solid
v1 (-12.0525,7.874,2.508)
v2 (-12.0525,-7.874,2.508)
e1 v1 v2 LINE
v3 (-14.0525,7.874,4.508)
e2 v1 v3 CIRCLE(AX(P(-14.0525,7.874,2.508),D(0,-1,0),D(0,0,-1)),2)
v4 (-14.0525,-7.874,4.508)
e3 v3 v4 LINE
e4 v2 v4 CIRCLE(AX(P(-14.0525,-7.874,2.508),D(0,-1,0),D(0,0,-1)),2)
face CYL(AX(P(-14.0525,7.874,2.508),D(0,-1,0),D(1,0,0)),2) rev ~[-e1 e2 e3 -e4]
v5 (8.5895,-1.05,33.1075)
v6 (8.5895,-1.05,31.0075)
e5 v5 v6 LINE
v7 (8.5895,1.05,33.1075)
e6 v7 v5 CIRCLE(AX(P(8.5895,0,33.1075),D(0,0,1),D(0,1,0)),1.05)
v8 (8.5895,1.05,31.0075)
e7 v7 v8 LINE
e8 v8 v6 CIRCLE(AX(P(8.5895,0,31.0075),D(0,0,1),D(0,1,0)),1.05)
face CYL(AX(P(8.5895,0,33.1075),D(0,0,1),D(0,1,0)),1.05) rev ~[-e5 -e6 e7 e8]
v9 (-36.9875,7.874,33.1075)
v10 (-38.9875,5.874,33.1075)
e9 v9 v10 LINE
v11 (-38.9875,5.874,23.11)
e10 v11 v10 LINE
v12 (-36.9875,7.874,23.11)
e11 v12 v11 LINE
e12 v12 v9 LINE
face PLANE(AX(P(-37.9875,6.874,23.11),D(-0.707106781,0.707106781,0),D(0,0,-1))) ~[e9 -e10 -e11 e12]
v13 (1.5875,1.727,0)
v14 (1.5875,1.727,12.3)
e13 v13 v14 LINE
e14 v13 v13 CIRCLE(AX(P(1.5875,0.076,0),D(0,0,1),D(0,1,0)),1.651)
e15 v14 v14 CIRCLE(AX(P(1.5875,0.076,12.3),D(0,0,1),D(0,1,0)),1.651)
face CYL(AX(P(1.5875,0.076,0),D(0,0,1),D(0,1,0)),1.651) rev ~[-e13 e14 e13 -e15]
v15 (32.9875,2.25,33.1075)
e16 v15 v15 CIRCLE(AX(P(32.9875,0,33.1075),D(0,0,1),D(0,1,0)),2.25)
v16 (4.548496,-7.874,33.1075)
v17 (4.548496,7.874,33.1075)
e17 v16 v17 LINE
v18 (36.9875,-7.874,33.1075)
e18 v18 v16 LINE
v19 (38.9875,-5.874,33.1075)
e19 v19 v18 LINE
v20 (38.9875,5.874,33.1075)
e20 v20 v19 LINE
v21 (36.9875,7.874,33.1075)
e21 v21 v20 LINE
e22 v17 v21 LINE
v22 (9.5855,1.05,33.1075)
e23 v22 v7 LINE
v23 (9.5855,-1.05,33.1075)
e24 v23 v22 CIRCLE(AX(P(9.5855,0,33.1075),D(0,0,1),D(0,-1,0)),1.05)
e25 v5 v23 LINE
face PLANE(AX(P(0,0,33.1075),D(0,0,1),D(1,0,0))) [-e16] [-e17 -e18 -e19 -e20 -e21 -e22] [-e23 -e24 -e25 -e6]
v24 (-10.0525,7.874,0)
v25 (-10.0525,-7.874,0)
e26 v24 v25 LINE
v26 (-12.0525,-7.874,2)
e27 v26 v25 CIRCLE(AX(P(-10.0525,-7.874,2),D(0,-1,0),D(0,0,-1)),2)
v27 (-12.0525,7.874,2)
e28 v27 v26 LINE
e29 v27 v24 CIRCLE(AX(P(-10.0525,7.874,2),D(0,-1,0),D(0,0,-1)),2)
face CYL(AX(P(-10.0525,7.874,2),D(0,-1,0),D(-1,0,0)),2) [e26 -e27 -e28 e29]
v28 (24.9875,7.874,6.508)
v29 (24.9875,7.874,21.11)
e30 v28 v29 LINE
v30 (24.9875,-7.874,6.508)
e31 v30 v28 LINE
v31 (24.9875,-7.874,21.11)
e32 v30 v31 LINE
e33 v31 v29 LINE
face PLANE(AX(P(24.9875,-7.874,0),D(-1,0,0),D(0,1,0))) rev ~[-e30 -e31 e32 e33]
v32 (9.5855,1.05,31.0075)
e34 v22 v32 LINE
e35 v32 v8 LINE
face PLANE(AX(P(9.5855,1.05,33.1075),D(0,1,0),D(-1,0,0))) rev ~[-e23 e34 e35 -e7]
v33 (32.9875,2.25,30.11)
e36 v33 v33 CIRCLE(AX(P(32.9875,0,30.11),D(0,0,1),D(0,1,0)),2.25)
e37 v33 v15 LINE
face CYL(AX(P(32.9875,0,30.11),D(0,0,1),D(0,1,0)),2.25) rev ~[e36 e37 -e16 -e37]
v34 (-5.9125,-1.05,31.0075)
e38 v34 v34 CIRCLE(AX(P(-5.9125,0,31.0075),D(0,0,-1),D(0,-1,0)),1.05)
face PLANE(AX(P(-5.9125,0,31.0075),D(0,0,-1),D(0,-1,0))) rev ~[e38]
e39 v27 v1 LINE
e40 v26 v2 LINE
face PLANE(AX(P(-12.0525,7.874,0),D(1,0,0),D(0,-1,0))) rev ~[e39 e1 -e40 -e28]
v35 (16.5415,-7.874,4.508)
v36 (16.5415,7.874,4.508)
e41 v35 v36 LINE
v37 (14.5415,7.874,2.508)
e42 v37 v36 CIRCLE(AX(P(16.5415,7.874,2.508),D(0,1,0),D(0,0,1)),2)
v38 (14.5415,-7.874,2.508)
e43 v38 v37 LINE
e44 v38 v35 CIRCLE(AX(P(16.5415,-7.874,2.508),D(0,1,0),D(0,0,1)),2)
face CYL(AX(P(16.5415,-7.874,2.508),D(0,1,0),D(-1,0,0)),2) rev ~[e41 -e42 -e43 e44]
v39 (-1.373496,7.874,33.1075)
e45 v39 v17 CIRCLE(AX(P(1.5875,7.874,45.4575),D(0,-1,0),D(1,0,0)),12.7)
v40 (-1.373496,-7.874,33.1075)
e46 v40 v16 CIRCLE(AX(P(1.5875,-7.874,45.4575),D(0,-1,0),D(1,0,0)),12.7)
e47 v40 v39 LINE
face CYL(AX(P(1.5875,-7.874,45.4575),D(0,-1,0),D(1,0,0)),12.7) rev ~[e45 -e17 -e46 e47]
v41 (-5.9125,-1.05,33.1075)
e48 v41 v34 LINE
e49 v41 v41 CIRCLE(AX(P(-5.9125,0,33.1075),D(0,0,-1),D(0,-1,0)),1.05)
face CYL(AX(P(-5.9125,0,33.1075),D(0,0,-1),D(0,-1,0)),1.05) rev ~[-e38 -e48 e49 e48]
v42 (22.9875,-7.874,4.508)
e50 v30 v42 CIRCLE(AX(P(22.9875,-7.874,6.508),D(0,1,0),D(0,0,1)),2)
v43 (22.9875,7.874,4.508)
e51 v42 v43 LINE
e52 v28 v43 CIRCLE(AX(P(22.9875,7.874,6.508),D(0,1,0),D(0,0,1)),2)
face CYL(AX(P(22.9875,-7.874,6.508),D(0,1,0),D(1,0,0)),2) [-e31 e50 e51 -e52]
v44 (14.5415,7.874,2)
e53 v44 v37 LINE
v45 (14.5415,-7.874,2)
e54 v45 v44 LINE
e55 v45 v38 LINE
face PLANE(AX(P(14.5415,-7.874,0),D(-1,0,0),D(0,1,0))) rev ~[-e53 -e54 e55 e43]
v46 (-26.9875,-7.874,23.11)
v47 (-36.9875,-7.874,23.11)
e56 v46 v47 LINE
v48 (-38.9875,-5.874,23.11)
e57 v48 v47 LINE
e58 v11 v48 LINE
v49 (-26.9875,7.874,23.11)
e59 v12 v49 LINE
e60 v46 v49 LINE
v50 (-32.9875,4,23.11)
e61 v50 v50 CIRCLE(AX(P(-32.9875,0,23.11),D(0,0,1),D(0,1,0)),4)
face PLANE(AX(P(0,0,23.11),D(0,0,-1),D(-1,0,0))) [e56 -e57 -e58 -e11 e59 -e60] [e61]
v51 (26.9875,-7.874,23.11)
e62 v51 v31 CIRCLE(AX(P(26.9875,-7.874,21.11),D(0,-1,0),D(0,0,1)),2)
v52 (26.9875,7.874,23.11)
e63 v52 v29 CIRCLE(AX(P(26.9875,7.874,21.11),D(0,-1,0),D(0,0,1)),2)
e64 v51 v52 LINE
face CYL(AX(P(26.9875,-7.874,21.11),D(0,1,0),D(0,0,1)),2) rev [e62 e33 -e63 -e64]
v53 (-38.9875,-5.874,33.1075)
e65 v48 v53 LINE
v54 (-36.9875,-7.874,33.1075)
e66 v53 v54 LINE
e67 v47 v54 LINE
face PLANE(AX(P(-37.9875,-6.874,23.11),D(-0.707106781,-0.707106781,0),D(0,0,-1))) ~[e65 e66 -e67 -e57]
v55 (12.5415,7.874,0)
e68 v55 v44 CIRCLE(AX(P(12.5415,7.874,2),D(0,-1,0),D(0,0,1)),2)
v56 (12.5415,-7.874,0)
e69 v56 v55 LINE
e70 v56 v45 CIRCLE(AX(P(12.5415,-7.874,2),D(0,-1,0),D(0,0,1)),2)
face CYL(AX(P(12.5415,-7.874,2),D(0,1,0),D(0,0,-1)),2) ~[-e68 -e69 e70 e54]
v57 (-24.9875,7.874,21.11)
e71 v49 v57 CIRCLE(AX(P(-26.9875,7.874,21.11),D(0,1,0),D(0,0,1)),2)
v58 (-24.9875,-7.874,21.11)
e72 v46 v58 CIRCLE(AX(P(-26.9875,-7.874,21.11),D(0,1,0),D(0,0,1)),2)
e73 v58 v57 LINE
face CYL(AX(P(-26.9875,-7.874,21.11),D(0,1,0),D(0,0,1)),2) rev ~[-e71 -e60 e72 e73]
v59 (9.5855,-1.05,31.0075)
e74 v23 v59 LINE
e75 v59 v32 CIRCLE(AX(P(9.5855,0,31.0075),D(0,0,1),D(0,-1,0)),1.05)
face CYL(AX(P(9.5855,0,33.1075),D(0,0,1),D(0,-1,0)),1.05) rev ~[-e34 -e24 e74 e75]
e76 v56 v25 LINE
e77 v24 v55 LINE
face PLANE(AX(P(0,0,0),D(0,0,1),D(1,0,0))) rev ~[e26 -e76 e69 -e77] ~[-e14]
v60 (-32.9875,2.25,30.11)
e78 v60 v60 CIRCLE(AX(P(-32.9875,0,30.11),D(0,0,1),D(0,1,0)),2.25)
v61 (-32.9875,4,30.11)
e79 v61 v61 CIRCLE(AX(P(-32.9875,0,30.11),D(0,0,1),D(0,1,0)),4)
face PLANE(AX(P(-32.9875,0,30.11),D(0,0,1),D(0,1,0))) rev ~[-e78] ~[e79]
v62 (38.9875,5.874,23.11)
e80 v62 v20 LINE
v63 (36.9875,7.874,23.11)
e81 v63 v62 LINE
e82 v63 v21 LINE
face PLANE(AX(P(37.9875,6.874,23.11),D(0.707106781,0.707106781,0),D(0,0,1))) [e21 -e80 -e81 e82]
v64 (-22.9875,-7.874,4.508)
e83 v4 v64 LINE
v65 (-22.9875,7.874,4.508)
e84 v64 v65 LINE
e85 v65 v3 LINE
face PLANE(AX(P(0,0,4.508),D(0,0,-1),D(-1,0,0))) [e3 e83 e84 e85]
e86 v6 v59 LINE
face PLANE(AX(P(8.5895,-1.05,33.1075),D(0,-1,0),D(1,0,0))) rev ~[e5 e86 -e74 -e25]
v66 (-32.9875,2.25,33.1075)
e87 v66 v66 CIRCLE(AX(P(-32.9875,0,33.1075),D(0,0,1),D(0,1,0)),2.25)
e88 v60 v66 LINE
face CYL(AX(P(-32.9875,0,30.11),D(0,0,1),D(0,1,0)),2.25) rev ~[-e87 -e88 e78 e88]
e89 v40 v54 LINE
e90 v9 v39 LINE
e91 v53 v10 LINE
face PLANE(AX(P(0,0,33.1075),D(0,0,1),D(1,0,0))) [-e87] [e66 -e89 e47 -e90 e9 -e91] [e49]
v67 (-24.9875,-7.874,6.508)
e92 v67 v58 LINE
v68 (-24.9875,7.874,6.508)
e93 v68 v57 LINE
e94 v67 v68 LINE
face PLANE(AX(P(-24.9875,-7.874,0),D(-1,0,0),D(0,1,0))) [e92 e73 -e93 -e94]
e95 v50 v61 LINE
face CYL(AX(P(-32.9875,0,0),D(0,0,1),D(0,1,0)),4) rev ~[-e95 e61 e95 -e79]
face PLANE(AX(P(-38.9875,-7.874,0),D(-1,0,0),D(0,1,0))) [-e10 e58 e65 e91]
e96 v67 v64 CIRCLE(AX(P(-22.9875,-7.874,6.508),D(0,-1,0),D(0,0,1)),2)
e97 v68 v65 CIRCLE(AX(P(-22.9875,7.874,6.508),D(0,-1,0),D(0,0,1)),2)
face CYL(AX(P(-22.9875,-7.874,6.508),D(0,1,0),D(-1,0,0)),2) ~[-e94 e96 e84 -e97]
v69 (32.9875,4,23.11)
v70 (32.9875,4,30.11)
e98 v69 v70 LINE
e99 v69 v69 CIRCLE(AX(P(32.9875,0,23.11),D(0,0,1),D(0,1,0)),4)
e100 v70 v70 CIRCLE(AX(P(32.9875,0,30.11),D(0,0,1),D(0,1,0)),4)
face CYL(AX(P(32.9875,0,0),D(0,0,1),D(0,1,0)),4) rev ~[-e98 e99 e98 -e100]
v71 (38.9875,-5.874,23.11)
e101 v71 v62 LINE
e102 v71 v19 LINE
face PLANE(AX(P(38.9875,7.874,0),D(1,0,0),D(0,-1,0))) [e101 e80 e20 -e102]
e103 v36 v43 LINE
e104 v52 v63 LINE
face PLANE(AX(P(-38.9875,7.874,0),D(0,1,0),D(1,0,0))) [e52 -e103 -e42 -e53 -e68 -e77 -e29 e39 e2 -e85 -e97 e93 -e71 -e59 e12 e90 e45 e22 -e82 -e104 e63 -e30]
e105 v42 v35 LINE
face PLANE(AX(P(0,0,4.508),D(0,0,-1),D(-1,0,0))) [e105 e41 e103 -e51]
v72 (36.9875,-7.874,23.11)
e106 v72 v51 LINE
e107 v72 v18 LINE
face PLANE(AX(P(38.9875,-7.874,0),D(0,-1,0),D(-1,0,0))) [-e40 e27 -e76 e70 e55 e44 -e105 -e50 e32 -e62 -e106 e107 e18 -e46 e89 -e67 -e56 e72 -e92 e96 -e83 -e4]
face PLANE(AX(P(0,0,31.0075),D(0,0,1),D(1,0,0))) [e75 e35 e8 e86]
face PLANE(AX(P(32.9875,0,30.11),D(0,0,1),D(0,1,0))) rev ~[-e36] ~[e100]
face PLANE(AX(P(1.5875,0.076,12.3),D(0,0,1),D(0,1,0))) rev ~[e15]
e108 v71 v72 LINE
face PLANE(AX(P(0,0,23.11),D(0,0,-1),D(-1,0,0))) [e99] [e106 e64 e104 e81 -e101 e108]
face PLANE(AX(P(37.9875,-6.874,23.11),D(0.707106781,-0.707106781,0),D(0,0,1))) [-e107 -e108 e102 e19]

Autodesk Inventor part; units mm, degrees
ref_plane "YZ Plane" through (0, 0, 0) normal (1, 0, 0) x (0, 1, 0)
ref_plane "XZ Plane" through (0, 0, 0) normal (0, 1, 0) x (-1, 0, 0)
ref_plane "XY Plane" through (0, 0, 0) normal (0, 0, 1) x (1, 0, 0)
sketch "Sketch1" plane through (0, 0, 0) normal (0, 0, 1) x (1, 0, 0)
  line L0 (-38.9875, 7.874) -> (38.9875, 7.874)
  line L1 (38.9875, 7.874) -> (38.9875, -7.874)
  line L2 (38.9875, -7.874) -> (-38.9875, -7.874)
  line L3 (-38.9875, -7.874) -> (-38.9875, 7.874)
  point P0 (0, 0)
  dimension "d2" = 77.975
  dimension "d3" = 38.9875
  dimension "d6" = 15.748
  dimension "d7" = 7.874
extrude "Extrusion1" add sketch "Sketch1" along normal blind 33.1075
sketch "Sketch2" plane through (0, 0, 0) normal (0, 0, -1) x (-1, 0, 0)
  line L0 (38.9875, 7.874) -> (38.9875, -7.874) projected
  line L1 (-38.9875, -7.874) -> (-38.9875, 7.874) projected
  line L2 (38.9875, -7.874) -> (-38.9875, -7.874) projected
  line L3 (-38.9875, 7.874) -> (38.9875, 7.874) projected
  line L4 (38.9875, -7.874) -> (26.9875, -7.874)
  line L5 (26.9875, -7.874) -> (26.9875, 7.874)
  line L6 (26.9875, 7.874) -> (38.9875, 7.874)
  line L7 (38.9875, 7.874) -> (38.9875, -7.874)
  line L8 (-38.9875, -7.874) -> (-26.9875, -7.874)
  line L9 (-26.9875, -7.874) -> (-26.9875, 7.874)
  line L10 (-26.9875, 7.874) -> (-38.9875, 7.874)
  line L11 (-38.9875, 7.874) -> (-38.9875, -7.874)
  line L12 (38.9875, -7.874) -> (-38.9875, -7.874) projected
  line L13 (12.0525, -7.874) -> (-14.5415, -7.874)
  line L14 (-14.5415, -7.874) -> (-14.5415, 7.874)
  line L15 (-14.5415, 7.874) -> (12.0525, 7.874)
  line L16 (12.0525, 7.874) -> (12.0525, -7.874)
  line L17 (26.9875, -7.874) -> (12.0525, -7.874)
  line L18 (12.0525, -7.874) -> (12.0525, 7.874)
  line L19 (12.0525, 7.874) -> (26.9875, 7.874)
  line L20 (26.9875, 7.874) -> (26.9875, -7.874)
  line L21 (-14.5415, -7.874) -> (-26.9875, -7.874)
  line L22 (-26.9875, -7.874) -> (-26.9875, 7.874)
  line L23 (-26.9875, 7.874) -> (-14.5415, 7.874)
  line L24 (-14.5415, 7.874) -> (-14.5415, -7.874)
  line L25 (26.9875, -7.874) -> (24.9875, -7.874)
  line L26 (24.9875, -7.874) -> (24.9875, 7.874)
  line L27 (24.9875, 7.874) -> (26.9875, 7.874)
  line L28 (26.9875, 7.874) -> (26.9875, -7.874)
  line L29 (-26.9875, -7.874) -> (-24.9875, -7.874)
  line L30 (-24.9875, -7.874) -> (-24.9875, 7.874)
  line L31 (-24.9875, 7.874) -> (-26.9875, 7.874)
  line L32 (-26.9875, 7.874) -> (-26.9875, -7.874)
  point P0 (0, 0)
  point P1 (38.9875, 0)
  point P2 (-38.9875, 0)
  point P3 (-1.5875, 0)
  point P4 (32.9875, 0)
  point P5 (-32.9875, 0)
  point P6 (-14.5415, -7.874)
  point P7 (-24.9875, 7.874)
  point P8 (24.9875, 7.874)
  dimension "d4" = 0
  dimension "d5" = 0
  dimension "d8" = 12
  dimension "d9" = 12
  dimension "d14" = 6
  dimension "d15" = 15.748
  dimension "d16" = 7.874
  dimension "d17" = 6
  dimension "d18" = 7.874
  dimension "d19" = 12.954
  dimension "d20" = 13.64
  dimension "d72" = 25.4
  dimension "d74" = 7.874
  dimension "d83" = 2
  dimension "d84" = 2
hole "Hole1" at (-32.9875, 0, 0) at (32.9875, 0, 0) direction (0, 0, 1) diameter 4.5 end through all counterbore diameter 8 counterbore depth 30.11 clearance for "Socket Head Cap Screw" size "#8" standard "Ansi Unified Screw Threads"
sketch "Sketch4" plane through (0, 0, 33.1075) normal (0, 0, 1) x (1, 0, 0)
  line L0 (38.9875, 7.874) -> (38.9875, -7.874)
  line L1 (-38.9875, -7.874) -> (-38.9875, 7.874)
  line L2 (38.9875, -7.874) -> (-38.9875, -7.874)
  line L3 (-38.9875, 7.874) -> (38.9875, 7.874)
  line L4 (38.9875, -7.874) -> (26.9875, -7.874)
  line L5 (26.9875, -7.874) -> (26.9875, 7.874)
  line L6 (26.9875, 7.874) -> (38.9875, 7.874)
  line L7 (38.9875, 7.874) -> (38.9875, -7.874)
  line L8 (-38.9875, -7.874) -> (-26.9875, -7.874)
  line L9 (-26.9875, -7.874) -> (-26.9875, 7.874)
  line L10 (-26.9875, 7.874) -> (-38.9875, 7.874)
  line L11 (-38.9875, 7.874) -> (-38.9875, -7.874)
  line L12 (38.9875, -7.874) -> (-38.9875, -7.874)
  line L13 (14.5415, -7.874) -> (-12.0525, -7.874)
  line L14 (-12.0525, -7.874) -> (-12.0525, 7.874)
  line L15 (-12.0525, 7.874) -> (14.5415, 7.874)
  line L16 (14.5415, 7.874) -> (14.5415, -7.874)
  line L17 (26.9875, -7.874) -> (14.5415, -7.874)
  line L18 (14.5415, -7.874) -> (14.5415, 7.874)
  line L19 (14.5415, 7.874) -> (26.9875, 7.874)
  line L20 (26.9875, 7.874) -> (26.9875, -7.874)
  line L21 (-12.0525, -7.874) -> (-26.9875, -7.874)
  line L22 (-26.9875, -7.874) -> (-26.9875, 7.874)
  line L23 (-26.9875, 7.874) -> (-12.0525, 7.874)
  line L24 (-12.0525, 7.874) -> (-12.0525, -7.874)
  point P0 (0, 0)
  point P1 (0, 0)
  point P2 (0, 0)
  point P3 (38.9875, 0)
  point P4 (-38.9875, 0)
  point P5 (1.5875, 0.076)
  point P6 (32.9875, 0)
  point P7 (-32.9875, 0)
  dimension "d48" = 0
  dimension "d49" = 0
  dimension "d50" = 12
  dimension "d51" = 12
  dimension "d54" = 6
  dimension "d55" = 15.748
  dimension "d56" = 7.874
  dimension "d57" = 6
  dimension "d58" = 7.874
  dimension "d59" = 13.64
  dimension "d60" = 12.954
  dimension "d61" = 25.4
  dimension "d75" = 7.95
hole "Hole3" [suppressed]
extrude "Extrusion2" cut sketch "Sketch2" against normal blind 4.508 contours L5 L2 L26 L3 | L26 L2 L16 L3 | L14 L2 L30 L3 | L30 L2 L9 L3
fillet "Fillet1" radius 2 2 edges at (-12.0525, 0, 0) (14.5415, 0, 0)
fillet "Fillet2" radius 2 2 edges at (-12.0525, 0, 4.508) (14.5415, 0, 4.508)
extrude "Extrusion3" cut sketch "Sketch2" against normal blind 23.11 contours L0 L2 L5 L3 | L5 L2 L26 L3 | L30 L2 L9 L3 | L9 L2 L1 L3
chamfer "Chamfer1" distance 2 angle 45 4 edges at (-38.9875, 7.874, 28.1088) (-38.9875, -7.874, 28.1088) (38.9875, 7.874, 28.1088) (38.9875, -7.874, 28.1088)
fillet "Fillet4" radius 2 4 edges at (-24.9875, 0, 4.508) (-24.9875, 0, 23.11) (24.9875, 0, 4.508) (24.9875, 0, 23.11)
sketch "Sketch5" plane through (-10.0525, -7.874, 0) normal (0, -1, 0) x (1, 0, 0)
  line L0 (13.89, 2.9975) -> (9.39, 2.9975) projected
  line L1 (-26.935, 33.1075) -> (47.04, 33.1075) projected
  circle A0 centre (11.64, 45.4575) radius 12.7
  point P0 (10.0525, 0)
  point P1 (11.64, 2.9975)
  point P2 (11.64, 33.1075)
  point P3 (14.601, 33.1075)
  point P4 (8.679, 33.1075)
  dimension "d86" = 25.4
  dimension "d87" = 12.35
extrude "Extrusion4" cut sketch "Sketch5" against normal through all contours L1 A0 picked at (11.9717, 33.0038)
sketch "Sketch6" plane through (0, 0, 33.1075) normal (0, 0, 1) x (1, 0, 0)
  line L0 (9.5855, 0) -> (8.5895, 0) construction
  line L1 (9.5855, 1.05) -> (8.5895, 1.05)
  line L2 (8.5895, -1.05) -> (9.5855, -1.05)
  arc A0 (9.5855, -1.05) -> (9.5855, 1.05) centre (9.5855, 0) ccw
  arc A1 (8.5895, 1.05) -> (8.5895, -1.05) centre (8.5895, 0) ccw
  line L3 (-12.0525, 7.874) -> (-12.0525, -7.874) projected
  line L4 (4.5485, -7.874) -> (-1.3735, -7.874) projected
  point P0 (0, 0)
  point P1 (1.5875, -5.5)
  point P2 (1.5875, 0)
  point P3 (-5.9125, 0)
  point P4 (9.0875, 0)
  dimension "d90" = 0
  dimension "d91" = 5.5
  dimension "d92" = 0
  dimension "d93" = 7.5
  dimension "d94" = 0
  dimension "d95" = 7.5
  dimension "d96" = 1.05
  dimension "d97" = 0.996
  dimension "d98" = 13.64
  dimension "d99" = 7.874
hole "Hole4" at (-5.9125, 0, 33.1075) direction (0, 0, -1) diameter 2.1 depth 2.1
sketch "Sketch8" plane through (0, 0, 33.1075) normal (0, 0, 1) x (1, 0, 0)
  line L0 (9.5855, 0) -> (8.5895, 0) construction
  line L1 (9.5855, 1.05) -> (8.5895, 1.05)
  line L2 (8.5895, -1.05) -> (9.5855, -1.05)
  arc A0 (9.5855, -1.05) -> (9.5855, 1.05) centre (9.5855, 0) ccw
  arc A1 (8.5895, 1.05) -> (8.5895, -1.05) centre (8.5895, 0) ccw
  line L3 (-12.0525, 7.874) -> (-12.0525, -7.874)
  line L4 (4.5485, -7.798) -> (-1.3735, -7.798)
  line L5 (4.5485, -7.874) -> (-1.3735, -7.874) projected
  point P0 (0, 0)
  point P1 (0, 0)
  point P2 (1.5875, -5.5)
  point P3 (1.5875, 0)
  point P4 (-5.9125, 0)
  point P5 (9.0875, 0)
  dimension "d121" = 0
  dimension "d122" = 5.5
  dimension "d123" = 0
  dimension "d124" = 7.5
  dimension "d125" = 0
  dimension "d126" = 7.5
  dimension "d127" = 1.05
  dimension "d128" = 0.996
  dimension "d129" = 13.64
  dimension "d157" = 7.874
extrude "Extrusion6" cut sketch "Sketch8" against normal blind 2.1
sketch "Sketch9" plane through (0, 0, 0) normal (0, 0, -1) x (-1, 0, 0)
  line L0 (38.9875, 7.874) -> (38.9875, -7.874)
  line L1 (-38.9875, -7.874) -> (-38.9875, 7.874)
  line L2 (38.9875, -7.874) -> (-38.9875, -7.874)
  line L3 (-38.9875, 7.874) -> (38.9875, 7.874)
  line L4 (38.9875, -7.874) -> (26.9875, -7.874)
  line L5 (26.9875, -7.874) -> (26.9875, 7.874)
  line L6 (26.9875, 7.874) -> (38.9875, 7.874)
  line L7 (38.9875, 7.874) -> (38.9875, -7.874)
  line L8 (-38.9875, -7.874) -> (-26.9875, -7.874)
  line L9 (-26.9875, -7.874) -> (-26.9875, 7.874)
  line L10 (-26.9875, 7.874) -> (-38.9875, 7.874)
  line L11 (-38.9875, 7.874) -> (-38.9875, -7.874)
  line L12 (38.9875, -7.874) -> (-38.9875, -7.874)
  line L13 (12.0525, -7.874) -> (-14.5415, -7.874)
  line L14 (-14.5415, -7.874) -> (-14.5415, 7.874)
  line L15 (-14.5415, 7.874) -> (12.0525, 7.874)
  line L16 (12.0525, 7.874) -> (12.0525, -7.874)
  line L17 (26.9875, -7.874) -> (12.0525, -7.874)
  line L18 (12.0525, -7.874) -> (12.0525, 7.874)
  line L19 (12.0525, 7.874) -> (26.9875, 7.874)
  line L20 (26.9875, 7.874) -> (26.9875, -7.874)
  line L21 (-14.5415, -7.874) -> (-26.9875, -7.874)
  line L22 (-26.9875, -7.874) -> (-26.9875, 7.874)
  line L23 (-26.9875, 7.874) -> (-14.5415, 7.874)
  line L24 (-14.5415, 7.874) -> (-14.5415, -7.874)
  line L25 (26.9875, -7.874) -> (24.9875, -7.874)
  line L26 (24.9875, -7.874) -> (24.9875, 7.874)
  line L27 (24.9875, 7.874) -> (26.9875, 7.874)
  line L28 (26.9875, 7.874) -> (26.9875, -7.874)
  line L29 (-26.9875, -7.874) -> (-24.9875, -7.874)
  line L30 (-24.9875, -7.874) -> (-24.9875, 7.874)
  line L31 (-24.9875, 7.874) -> (-26.9875, 7.874)
  line L32 (-26.9875, 7.874) -> (-26.9875, -7.874)
  point P0 (0, 0)
  point P1 (0, 0)
  point P2 (38.9875, 0)
  point P3 (-38.9875, 0)
  point P4 (-1.5875, 0.076)
  point P5 (32.9875, 0)
  point P6 (-32.9875, 0)
  point P7 (-14.5415, -7.874)
  point P8 (-24.9875, 7.874)
  point P9 (24.9875, 7.874)
  dimension "d135" = 0
  dimension "d136" = 0
  dimension "d137" = 12
  dimension "d138" = 12
  dimension "d139" = 6
  dimension "d140" = 15.748
  dimension "d141" = 7.874
  dimension "d142" = 6
  dimension "d143" = 7.874
  dimension "d144" = 12.954
  dimension "d145" = 13.64
  dimension "d146" = 25.4
  dimension "d147" = 7.95
  dimension "d148" = 2
  dimension "d149" = 2
hole "Hole5" at (1.5875, 0.076, 0) direction (0, 0, 1) diameter 3.302 depth 12.3 thread size "8-32 UNC" class "2B" standard "ANSI Unified Screw Threads"
equation "\"d3\" = 0.5 * d2"
equation "\"d7\" = 0.5 * d6"
equation "\"d14\" = 0.5 * d8"
equation "\"d17\" = d14"
equation "\"d18\" = d16"
equation "\"d74\" = d18"
equation "\"d54\" = 0.5 * d50"
equation "\"d56\" = 0.5 * d55"
equation "\"d57\" = d54"
equation "\"d58\" = d56"
equation "\"d95\" = d93"
equation "\"d98\" = d59"
equation "\"d99\" = d16"
equation "\"d126\" = d124"
equation "\"d129\" = d131"
equation "\"d157\" = d16"
equation "\"d139\" = 0.5 * d137"
equation "\"d141\" = 0.5 * d140"
equation "\"d142\" = d139"
equation "\"d143\" = d141"
equation "\"d131\" = 13.64"
properties part number "ADAPTER_new-focus-8821"
